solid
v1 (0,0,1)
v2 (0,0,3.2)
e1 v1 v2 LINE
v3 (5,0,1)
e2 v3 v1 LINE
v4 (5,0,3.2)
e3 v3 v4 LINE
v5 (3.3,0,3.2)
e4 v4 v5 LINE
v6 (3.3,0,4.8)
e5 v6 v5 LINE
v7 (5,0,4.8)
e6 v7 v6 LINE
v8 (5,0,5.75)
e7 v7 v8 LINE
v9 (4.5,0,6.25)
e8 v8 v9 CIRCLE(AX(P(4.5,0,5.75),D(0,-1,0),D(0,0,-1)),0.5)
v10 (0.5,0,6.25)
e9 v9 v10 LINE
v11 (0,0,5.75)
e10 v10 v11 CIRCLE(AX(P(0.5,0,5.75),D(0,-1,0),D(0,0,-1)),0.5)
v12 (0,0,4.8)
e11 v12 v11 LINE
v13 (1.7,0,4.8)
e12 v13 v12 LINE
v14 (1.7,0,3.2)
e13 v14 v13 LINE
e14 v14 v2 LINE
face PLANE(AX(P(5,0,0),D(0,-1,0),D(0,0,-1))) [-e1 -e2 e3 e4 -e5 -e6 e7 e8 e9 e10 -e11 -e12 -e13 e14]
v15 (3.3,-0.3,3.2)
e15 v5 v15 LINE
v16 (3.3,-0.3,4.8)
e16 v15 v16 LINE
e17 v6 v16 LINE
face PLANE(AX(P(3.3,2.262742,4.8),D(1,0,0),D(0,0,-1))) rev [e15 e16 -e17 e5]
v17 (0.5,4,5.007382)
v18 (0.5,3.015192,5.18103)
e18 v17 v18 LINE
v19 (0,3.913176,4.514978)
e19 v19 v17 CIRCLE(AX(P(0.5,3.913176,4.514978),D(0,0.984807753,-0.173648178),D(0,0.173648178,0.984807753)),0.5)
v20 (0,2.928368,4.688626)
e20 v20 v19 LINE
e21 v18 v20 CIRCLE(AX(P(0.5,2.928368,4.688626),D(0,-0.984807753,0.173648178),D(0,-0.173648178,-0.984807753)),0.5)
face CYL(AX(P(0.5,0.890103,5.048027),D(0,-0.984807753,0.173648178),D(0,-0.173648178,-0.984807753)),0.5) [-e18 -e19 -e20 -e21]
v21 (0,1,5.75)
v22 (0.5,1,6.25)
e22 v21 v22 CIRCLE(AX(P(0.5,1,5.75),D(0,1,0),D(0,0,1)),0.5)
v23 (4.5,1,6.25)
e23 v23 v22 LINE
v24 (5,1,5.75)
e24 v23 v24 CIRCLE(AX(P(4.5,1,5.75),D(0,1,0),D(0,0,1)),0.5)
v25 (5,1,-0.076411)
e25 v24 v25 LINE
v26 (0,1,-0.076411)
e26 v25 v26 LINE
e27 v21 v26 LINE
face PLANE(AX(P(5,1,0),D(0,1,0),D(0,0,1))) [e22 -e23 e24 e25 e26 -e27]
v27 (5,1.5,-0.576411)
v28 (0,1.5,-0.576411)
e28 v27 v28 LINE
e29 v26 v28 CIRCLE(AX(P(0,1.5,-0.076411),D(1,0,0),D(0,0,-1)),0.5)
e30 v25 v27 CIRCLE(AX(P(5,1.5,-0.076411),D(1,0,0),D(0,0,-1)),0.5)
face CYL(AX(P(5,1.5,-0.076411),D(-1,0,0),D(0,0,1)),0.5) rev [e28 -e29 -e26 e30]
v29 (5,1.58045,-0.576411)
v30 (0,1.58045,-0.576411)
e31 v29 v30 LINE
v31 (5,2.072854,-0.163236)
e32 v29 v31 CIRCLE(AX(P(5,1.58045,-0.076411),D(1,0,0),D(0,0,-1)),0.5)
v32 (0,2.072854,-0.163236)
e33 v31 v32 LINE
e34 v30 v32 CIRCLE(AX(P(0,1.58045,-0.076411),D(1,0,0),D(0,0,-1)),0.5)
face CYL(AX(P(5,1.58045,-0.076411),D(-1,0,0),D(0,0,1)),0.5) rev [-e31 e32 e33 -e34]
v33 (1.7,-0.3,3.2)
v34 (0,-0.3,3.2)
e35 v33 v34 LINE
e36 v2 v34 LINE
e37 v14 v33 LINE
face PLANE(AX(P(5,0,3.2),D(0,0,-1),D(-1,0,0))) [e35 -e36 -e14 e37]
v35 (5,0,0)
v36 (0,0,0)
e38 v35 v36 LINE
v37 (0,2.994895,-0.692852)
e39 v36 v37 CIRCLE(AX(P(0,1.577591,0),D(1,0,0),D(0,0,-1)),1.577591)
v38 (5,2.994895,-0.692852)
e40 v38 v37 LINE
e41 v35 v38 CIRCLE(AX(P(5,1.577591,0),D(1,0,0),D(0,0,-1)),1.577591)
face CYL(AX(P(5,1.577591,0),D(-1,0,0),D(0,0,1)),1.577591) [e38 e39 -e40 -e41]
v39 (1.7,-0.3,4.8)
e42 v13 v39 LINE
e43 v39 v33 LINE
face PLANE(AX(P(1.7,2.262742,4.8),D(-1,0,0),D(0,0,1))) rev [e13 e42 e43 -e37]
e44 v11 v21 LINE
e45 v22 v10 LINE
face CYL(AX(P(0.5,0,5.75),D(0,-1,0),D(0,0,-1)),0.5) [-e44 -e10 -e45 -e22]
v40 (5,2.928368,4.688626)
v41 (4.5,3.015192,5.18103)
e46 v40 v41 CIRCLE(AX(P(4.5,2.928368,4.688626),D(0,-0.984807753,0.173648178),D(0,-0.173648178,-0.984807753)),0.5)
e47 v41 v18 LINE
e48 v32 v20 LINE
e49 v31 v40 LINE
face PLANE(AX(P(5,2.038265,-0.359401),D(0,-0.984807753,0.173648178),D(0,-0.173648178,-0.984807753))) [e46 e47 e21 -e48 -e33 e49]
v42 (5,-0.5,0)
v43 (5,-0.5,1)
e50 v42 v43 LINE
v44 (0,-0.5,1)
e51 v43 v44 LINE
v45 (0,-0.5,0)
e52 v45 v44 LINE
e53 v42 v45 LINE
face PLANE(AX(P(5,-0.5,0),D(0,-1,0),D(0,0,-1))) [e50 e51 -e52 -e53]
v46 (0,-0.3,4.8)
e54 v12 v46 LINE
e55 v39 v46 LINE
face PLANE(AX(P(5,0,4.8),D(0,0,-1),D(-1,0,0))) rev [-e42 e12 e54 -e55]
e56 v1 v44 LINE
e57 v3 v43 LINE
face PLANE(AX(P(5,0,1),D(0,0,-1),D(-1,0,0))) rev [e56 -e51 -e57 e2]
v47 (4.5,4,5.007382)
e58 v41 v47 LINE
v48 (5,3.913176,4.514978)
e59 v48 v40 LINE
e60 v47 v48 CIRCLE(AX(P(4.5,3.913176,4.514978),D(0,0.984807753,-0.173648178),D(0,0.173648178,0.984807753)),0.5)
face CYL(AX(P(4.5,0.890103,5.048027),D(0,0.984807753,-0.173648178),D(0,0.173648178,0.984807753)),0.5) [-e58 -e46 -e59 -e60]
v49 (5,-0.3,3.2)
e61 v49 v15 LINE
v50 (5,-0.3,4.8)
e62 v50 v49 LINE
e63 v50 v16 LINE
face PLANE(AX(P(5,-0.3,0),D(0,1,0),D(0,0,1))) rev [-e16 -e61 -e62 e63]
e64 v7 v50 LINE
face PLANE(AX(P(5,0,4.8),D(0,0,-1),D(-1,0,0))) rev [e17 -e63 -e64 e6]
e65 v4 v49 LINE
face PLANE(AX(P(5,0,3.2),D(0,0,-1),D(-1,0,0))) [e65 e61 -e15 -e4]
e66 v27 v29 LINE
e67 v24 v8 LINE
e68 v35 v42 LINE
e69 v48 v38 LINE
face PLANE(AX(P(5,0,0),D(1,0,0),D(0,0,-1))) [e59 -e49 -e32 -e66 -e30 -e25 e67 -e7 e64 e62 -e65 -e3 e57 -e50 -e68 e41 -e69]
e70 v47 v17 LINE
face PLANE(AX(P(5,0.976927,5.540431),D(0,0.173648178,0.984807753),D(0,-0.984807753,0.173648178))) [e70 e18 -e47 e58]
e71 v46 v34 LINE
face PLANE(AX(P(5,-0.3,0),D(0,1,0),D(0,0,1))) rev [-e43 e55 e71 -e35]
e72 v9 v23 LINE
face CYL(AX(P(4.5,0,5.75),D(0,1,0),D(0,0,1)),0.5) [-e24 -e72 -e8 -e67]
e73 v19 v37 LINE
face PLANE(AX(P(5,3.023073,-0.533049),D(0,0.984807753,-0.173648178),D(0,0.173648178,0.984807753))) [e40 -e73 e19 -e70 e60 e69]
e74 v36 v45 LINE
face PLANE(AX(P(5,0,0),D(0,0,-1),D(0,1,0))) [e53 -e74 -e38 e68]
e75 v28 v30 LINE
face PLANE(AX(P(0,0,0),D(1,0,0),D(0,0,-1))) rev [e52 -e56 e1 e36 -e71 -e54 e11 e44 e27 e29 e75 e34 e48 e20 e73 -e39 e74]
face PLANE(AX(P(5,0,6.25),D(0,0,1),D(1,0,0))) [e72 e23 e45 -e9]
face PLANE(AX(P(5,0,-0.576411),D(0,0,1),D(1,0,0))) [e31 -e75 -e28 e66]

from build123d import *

# Parameters (mm, degrees)
BOSS_EXTRUDE1_DEPTH = 5
SKETCH2_W           = 1.6
SKETCH2_H           = 1.6
CUT_EXTRUDE1_DEPTH  = 0.3
FILLET1_R           = 0.5


with BuildPart() as part:
    # Sketch1 → Boss-Extrude1 (new body)
    with BuildSketch(Plane(origin=(0, 0, 0), x_dir=(0, 0, -1), z_dir=(1, 0, 0))):
        with BuildLine():
            Line((-5.181029882, 3.015192247), (-4, 2.806944814))
            Line((-4, 2.806944814), (0.163235541, 2.072854061))
            ThreePointArc((0.163235541, 2.072854061), (0.459433673, 1.901843989), (0.576411452, 1.580450184))
            Line((0.576411452, 1.580450184), (0.576411452, 1.5))
            ThreePointArc((0.576411452, 1.5), (0.429964842, 1.146446609), (0.076411452, 1))
            Line((0.076411452, 1), (-6.25, 1))
            Line((-6.25, 1), (-6.25, 0))
            Line((-6.25, 0), (-4.8, 0))
            Line((-4.8, 0), (-4.8, -0.3))
            Line((-4.8, -0.3), (-3.2, -0.3))
            Line((-3.2, -0.3), (-3.2, 0))
            Line((-3.2, 0), (-1, 0))
            Line((-1, 0), (-1, -0.5))
            Line((-1, -0.5), (0, -0.5))
            Line((0, -0.5), (0, 0))
            ThreePointArc((0, 0), (1.536997065, 1.222015685), (0.692851848, 2.994895028))
            Line((0.692851848, 2.994895028), (-5.007381704, 4))
            Line((-5.007381704, 4), (-5.181029882, 3.015192247))
        make_face()
    extrude(amount=BOSS_EXTRUDE1_DEPTH)

    # Sketch2 → Cut-Extrude1 (cut)
    with BuildSketch(Plane.XZ.offset(0.3)):
        with Locations((2.5, 4)):
            Rectangle(SKETCH2_W, SKETCH2_H)
    extrude(amount=-CUT_EXTRUDE1_DEPTH, mode=Mode.SUBTRACT)

    # Fillet1
    fillet1_edges = [part.edges().sort_by_distance(p)[0] for p in [
        (0, 0.5, 6.25),
        (0, 3.507596123, 5.094205793),
        (5, 3.507596123, 5.094205793),
        (5, 0.5, 6.25),
    ]]
    fillet(fillet1_edges, radius=FILLET1_R)


solid = part.part
